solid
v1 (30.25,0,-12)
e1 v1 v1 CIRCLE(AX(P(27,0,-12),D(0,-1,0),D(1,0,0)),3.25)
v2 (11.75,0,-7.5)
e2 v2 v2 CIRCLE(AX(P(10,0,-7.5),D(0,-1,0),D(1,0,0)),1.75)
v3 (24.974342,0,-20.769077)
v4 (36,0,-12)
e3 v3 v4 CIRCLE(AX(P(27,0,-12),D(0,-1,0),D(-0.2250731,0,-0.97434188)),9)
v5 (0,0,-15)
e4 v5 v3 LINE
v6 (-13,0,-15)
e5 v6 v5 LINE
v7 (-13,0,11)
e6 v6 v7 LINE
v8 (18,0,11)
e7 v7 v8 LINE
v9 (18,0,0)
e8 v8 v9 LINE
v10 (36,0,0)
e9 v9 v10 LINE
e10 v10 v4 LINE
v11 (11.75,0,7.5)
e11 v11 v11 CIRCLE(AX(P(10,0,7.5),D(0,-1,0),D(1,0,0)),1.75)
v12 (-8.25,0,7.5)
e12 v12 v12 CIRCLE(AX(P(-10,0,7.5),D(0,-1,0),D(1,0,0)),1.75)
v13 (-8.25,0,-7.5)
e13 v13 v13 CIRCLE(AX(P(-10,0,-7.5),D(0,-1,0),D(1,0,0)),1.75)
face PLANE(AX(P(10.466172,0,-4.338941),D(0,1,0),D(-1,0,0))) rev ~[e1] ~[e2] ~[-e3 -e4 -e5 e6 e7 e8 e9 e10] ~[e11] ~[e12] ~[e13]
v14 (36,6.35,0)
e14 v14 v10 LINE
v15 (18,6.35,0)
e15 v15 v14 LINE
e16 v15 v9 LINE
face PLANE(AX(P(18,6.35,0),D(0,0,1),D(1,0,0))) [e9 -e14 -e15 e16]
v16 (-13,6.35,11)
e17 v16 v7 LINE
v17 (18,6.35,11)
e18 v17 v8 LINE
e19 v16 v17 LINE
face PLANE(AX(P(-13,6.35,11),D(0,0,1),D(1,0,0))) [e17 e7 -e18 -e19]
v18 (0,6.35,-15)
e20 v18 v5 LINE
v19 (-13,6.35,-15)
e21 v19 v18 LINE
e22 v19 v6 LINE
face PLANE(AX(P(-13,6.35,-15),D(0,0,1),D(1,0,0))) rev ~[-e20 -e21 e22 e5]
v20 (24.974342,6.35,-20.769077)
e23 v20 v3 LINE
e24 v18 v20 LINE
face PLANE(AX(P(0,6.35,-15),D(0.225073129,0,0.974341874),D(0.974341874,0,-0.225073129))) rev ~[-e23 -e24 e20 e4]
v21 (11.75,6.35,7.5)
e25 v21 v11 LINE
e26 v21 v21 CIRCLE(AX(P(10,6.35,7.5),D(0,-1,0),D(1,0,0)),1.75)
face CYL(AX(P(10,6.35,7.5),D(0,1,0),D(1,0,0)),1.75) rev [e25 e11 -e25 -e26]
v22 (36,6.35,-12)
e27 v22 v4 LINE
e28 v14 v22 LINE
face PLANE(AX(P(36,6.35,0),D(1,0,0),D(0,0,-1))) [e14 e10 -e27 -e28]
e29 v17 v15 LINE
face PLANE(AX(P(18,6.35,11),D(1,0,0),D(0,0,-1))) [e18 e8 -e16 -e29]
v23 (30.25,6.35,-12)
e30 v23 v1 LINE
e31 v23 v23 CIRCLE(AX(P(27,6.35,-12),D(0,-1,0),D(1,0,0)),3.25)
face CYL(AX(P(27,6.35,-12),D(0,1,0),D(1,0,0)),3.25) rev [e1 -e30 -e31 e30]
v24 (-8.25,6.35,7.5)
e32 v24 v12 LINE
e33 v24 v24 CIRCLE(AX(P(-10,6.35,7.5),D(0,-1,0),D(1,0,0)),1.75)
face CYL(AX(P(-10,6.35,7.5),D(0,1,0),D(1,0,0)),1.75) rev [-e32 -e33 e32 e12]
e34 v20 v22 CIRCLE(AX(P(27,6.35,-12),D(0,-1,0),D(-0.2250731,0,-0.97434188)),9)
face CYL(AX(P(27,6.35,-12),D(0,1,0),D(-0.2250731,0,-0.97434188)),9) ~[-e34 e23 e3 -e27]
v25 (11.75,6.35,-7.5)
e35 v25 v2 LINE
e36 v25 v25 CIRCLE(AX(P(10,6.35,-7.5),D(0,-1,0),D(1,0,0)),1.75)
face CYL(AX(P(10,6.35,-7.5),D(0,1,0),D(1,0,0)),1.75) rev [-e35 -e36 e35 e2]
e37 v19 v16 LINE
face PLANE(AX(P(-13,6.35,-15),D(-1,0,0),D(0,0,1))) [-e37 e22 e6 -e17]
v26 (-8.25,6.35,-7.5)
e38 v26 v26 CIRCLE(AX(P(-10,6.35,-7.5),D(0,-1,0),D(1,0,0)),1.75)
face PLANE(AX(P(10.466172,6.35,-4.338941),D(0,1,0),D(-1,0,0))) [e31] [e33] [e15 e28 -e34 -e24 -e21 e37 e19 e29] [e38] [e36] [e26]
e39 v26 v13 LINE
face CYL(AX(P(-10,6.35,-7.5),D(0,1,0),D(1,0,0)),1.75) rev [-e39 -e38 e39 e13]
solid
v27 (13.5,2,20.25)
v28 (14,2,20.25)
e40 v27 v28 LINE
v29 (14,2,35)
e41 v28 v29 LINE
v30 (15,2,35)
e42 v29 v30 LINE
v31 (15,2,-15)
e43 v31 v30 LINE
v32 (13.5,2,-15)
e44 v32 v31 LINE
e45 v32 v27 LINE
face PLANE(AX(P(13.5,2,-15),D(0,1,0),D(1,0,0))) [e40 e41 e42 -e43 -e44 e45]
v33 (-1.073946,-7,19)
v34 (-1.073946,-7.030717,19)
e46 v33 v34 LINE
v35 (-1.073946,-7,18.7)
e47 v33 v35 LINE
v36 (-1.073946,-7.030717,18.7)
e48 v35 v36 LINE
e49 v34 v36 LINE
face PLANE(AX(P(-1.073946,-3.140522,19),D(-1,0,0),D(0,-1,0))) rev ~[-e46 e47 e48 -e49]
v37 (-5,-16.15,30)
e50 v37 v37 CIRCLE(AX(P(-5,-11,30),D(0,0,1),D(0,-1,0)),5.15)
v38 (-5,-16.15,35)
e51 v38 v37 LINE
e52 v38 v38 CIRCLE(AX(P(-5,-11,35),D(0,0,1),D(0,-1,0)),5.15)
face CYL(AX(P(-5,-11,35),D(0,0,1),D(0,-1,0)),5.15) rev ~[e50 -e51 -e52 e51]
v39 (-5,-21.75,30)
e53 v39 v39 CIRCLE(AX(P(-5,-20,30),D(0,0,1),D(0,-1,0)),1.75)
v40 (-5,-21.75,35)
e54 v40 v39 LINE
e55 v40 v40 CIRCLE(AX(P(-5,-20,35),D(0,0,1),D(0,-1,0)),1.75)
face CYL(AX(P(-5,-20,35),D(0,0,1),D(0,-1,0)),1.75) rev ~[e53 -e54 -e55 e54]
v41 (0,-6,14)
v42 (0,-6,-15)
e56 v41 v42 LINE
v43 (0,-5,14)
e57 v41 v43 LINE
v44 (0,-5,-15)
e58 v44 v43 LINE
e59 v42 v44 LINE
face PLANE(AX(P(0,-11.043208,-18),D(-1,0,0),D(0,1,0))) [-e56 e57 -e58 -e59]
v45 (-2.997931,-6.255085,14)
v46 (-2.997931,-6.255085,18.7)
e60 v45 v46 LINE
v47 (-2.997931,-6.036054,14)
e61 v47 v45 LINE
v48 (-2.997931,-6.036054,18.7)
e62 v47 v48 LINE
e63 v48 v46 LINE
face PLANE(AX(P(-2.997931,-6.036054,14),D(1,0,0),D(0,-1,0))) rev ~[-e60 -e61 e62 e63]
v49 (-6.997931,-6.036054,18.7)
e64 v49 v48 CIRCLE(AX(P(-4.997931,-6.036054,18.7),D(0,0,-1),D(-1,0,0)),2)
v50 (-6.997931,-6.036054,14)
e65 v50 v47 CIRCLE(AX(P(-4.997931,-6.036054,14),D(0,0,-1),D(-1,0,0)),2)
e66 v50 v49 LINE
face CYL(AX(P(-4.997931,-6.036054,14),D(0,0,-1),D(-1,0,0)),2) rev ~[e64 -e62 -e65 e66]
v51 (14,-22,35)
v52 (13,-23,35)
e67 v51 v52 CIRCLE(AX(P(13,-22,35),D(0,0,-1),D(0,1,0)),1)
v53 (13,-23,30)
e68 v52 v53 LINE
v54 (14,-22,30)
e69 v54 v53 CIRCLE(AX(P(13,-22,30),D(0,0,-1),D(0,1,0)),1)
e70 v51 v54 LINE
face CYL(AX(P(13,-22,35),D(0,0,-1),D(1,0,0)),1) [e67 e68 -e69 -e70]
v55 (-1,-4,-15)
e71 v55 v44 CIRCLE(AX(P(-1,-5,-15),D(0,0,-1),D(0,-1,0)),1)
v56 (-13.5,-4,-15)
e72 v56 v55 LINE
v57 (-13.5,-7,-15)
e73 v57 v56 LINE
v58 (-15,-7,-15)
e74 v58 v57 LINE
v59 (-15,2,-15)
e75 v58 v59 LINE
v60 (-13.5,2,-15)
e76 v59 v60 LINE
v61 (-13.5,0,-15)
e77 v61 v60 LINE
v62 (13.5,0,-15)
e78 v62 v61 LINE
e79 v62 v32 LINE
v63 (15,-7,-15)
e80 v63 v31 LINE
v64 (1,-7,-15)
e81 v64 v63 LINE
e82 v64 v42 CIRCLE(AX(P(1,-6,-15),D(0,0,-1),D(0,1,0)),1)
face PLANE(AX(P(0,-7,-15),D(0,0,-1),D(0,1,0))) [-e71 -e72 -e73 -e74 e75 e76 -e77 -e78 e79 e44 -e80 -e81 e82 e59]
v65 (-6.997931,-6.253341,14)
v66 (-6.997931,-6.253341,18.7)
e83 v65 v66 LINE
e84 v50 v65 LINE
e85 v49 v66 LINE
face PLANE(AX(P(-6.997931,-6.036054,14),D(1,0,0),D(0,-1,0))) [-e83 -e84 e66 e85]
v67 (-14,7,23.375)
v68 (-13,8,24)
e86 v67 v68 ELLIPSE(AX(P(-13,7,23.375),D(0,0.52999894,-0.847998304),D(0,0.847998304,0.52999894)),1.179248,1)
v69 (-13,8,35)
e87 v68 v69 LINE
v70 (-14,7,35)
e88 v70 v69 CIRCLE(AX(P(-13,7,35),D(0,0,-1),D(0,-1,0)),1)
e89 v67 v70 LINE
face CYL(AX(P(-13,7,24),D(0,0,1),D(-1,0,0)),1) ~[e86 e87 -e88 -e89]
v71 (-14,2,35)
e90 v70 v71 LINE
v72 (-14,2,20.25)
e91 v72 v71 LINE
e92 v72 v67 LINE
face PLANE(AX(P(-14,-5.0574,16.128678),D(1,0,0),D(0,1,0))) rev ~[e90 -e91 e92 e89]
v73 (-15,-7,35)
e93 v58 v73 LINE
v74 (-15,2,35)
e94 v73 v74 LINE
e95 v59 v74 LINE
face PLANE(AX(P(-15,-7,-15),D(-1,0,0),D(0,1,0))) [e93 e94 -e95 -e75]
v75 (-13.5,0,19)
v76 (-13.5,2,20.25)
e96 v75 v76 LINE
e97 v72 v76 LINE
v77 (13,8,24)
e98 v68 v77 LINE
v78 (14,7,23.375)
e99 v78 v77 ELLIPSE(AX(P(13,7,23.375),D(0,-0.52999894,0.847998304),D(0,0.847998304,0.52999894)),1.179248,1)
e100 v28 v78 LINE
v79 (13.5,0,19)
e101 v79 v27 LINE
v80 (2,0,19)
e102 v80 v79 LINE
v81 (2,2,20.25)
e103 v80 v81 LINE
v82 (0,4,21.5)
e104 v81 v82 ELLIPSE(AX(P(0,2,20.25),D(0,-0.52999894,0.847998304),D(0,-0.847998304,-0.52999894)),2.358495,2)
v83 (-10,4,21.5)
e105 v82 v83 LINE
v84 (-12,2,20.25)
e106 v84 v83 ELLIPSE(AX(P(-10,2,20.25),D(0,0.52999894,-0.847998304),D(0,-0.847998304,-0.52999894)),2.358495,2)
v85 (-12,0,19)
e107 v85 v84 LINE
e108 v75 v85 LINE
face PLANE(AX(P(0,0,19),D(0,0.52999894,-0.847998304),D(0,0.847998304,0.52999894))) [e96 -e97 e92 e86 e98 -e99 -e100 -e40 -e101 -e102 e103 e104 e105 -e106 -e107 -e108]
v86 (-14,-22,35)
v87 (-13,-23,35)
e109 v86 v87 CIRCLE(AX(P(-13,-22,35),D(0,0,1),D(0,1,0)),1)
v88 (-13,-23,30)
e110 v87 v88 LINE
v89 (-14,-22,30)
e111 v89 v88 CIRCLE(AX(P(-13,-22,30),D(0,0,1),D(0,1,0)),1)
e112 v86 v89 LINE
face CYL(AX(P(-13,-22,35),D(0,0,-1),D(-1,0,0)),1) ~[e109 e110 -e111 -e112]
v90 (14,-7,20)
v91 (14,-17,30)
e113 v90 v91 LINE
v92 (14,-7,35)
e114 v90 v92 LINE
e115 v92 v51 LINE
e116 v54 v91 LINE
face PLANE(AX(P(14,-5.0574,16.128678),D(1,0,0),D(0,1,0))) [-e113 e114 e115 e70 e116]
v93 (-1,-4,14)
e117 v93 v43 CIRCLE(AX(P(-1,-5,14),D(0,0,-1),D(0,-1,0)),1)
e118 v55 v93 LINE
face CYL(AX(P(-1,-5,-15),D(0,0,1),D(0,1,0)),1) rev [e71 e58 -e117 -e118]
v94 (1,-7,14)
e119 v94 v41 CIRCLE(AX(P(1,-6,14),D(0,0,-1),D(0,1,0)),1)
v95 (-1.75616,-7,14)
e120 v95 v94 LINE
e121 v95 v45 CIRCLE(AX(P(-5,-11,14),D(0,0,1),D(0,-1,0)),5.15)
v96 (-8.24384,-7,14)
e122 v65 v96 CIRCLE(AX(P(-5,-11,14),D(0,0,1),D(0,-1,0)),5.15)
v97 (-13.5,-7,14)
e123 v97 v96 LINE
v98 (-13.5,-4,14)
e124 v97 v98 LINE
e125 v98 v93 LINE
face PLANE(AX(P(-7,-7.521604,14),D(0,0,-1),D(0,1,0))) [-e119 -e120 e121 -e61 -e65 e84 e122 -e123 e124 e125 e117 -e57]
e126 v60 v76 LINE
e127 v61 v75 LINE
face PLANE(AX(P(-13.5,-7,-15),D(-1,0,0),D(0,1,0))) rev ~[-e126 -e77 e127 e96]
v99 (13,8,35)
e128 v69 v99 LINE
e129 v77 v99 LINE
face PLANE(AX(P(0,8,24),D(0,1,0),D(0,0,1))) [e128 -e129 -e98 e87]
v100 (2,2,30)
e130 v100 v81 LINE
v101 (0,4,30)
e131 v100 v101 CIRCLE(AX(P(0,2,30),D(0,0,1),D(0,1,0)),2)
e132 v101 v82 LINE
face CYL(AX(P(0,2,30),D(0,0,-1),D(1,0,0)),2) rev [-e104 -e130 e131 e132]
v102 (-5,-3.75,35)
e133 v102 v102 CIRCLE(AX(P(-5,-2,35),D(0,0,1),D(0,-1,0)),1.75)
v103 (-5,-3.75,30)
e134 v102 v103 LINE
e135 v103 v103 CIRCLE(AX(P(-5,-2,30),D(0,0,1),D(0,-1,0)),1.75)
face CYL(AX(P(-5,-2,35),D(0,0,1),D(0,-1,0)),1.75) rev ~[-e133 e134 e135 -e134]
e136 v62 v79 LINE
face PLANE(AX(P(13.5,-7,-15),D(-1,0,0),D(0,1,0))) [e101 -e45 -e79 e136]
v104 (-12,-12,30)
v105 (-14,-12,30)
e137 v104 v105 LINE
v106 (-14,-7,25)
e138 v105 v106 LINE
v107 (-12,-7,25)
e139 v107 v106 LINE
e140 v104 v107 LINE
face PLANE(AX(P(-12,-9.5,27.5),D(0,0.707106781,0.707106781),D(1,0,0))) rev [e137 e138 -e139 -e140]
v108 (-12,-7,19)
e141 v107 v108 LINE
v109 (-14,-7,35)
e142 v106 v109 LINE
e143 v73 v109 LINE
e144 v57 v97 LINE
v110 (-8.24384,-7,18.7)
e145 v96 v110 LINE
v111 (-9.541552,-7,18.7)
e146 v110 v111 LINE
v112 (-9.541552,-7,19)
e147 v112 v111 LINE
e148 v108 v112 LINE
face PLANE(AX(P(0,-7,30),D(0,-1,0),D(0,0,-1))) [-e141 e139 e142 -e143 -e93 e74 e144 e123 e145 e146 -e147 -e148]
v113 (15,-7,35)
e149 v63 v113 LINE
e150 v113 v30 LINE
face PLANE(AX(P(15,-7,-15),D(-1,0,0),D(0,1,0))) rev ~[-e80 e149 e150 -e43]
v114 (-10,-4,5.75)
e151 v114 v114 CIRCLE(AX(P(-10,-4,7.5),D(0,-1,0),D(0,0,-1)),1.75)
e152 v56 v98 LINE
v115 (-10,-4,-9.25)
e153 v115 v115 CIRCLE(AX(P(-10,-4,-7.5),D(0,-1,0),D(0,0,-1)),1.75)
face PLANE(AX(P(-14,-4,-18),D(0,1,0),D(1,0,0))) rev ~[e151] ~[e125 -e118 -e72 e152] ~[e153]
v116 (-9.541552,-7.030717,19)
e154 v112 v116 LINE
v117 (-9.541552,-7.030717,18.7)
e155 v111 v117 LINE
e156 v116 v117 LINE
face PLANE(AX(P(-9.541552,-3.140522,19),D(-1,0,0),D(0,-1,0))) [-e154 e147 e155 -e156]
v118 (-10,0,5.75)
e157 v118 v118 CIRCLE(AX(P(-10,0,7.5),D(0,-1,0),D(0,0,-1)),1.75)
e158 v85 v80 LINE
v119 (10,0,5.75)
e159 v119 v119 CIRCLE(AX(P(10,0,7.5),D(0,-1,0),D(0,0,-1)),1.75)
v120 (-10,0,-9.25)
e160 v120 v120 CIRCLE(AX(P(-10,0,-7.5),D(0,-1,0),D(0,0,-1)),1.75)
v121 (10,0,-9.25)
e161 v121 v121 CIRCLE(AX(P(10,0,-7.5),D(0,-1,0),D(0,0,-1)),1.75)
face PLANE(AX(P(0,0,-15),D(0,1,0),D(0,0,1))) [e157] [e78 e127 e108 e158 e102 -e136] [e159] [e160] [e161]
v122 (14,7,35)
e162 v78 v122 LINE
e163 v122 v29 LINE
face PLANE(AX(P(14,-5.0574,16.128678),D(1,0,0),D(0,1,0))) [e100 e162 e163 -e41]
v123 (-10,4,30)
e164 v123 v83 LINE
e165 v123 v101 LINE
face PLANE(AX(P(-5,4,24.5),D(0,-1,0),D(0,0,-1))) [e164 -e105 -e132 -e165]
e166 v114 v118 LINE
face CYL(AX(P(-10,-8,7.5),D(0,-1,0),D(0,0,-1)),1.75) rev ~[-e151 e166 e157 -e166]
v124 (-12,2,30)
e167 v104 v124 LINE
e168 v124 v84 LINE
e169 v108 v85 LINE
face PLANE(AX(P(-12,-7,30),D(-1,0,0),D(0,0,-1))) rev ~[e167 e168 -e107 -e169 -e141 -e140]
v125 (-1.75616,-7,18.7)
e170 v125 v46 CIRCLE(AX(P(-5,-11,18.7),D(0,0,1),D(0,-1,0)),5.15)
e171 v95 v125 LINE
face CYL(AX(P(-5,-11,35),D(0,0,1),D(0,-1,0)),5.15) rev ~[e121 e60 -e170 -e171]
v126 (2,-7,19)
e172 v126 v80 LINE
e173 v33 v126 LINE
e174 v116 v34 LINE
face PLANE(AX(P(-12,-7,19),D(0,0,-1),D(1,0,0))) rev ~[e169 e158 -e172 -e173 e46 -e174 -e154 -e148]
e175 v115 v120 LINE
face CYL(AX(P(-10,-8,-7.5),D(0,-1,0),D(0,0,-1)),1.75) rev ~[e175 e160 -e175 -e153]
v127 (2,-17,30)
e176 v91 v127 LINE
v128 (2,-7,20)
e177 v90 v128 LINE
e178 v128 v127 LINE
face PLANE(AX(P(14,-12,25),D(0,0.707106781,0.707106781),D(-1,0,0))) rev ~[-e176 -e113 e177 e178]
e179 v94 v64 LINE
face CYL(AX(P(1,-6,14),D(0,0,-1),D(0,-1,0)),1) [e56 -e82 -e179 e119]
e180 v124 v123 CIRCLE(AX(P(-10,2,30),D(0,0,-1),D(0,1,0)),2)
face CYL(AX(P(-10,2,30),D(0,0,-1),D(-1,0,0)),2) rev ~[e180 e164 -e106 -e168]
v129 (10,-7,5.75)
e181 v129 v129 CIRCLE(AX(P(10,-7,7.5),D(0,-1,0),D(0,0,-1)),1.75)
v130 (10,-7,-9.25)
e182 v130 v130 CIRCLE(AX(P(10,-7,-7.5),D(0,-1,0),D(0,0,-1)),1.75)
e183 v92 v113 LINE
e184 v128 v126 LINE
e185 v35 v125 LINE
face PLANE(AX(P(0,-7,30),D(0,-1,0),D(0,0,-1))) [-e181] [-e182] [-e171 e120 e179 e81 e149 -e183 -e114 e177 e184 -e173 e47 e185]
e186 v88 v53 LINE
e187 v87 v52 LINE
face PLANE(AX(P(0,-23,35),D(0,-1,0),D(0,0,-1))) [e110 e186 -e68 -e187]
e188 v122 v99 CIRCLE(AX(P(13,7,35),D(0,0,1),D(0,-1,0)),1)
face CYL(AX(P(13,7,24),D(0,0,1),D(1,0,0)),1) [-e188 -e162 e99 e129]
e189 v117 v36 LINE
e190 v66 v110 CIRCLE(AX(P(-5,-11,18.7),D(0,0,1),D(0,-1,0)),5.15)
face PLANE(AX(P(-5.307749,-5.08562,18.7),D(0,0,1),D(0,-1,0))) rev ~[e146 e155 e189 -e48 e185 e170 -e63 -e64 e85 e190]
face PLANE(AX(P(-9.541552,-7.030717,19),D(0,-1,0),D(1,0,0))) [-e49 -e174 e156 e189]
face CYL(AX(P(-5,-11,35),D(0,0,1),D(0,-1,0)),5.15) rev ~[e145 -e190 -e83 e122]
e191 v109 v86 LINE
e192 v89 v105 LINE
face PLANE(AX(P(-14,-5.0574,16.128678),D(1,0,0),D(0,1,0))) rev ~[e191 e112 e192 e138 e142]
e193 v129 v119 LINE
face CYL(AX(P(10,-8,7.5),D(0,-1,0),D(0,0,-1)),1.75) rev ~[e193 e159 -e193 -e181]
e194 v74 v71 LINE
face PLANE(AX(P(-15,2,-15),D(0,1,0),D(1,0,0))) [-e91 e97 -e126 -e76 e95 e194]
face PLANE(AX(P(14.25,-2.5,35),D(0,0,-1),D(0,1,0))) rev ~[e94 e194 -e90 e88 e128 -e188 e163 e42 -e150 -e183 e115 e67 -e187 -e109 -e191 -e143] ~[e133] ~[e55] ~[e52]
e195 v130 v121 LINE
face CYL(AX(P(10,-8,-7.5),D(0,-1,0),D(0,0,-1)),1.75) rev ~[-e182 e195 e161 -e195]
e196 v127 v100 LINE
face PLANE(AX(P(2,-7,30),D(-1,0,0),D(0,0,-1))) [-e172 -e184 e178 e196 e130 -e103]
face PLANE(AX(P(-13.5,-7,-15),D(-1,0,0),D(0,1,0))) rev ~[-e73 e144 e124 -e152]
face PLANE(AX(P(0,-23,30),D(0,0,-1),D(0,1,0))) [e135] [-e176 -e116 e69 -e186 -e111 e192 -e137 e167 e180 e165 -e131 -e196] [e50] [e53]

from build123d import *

# Parameters (mm, degrees)
SKETCH_R          = 1.75
SKETCH_R_2        = 3.25
PAD_DEPTH         = 6.35
PAD001_DEPTH      = 14
PAD001_DEPTH_BACK = 14
SKETCH003_R       = 1.75
POCKET_DEPTH      = 6
SKETCH010_W       = 11
SKETCH010_H       = 14
POCKET001_DEPTH   = 11
SKETCH007_R       = 1.75
POCKET002_DEPTH   = 16.001
SKETCH008_W       = 7.043208
SKETCH008_H       = 14
POCKET003_DEPTH   = 32
SKETCH013_R       = 1.75
POCKET004_DEPTH   = 5
SKETCH012_R       = 5.15
POCKET005_DEPTH   = 50.001
POCKET006_DEPTH   = 5
SKETCH017_W       = 3.890195
SKETCH017_H       = 8.467605
PAD002_DEPTH      = 0.3
FILLET_R          = 1
FILLET001_R       = 2
FILLET002_R       = 1
CHAMFER_SIZE      = 10
CHAMFER001_SIZE   = 5
SKETCH018_W       = 9
SKETCH018_H       = 1.5
PAD003_DEPTH      = 50


with BuildPart() as tab:
    # Sketch → Pad (new body)
    with BuildSketch(Plane.XZ):
        with BuildLine():
            Line((-13, 11), (18, 11))
            Line((18, 11), (18, 0))
            Line((18, 0), (36, 0))
            Line((36, 0), (36, -12))
            ThreePointArc((24.974342, -20.769077), (32.602191, -19.043824), (36, -12))
            Line((0, -15), (24.974342, -20.769077))
            Line((-13, -15), (0, -15))
            Line((-13, -15), (-13, 11))
        make_face()
        with Locations((-10, 7.5)):
            Circle(SKETCH_R, mode=Mode.SUBTRACT)
        with Locations((10, 7.5)):
            Circle(SKETCH_R, mode=Mode.SUBTRACT)
        with Locations((-10, -7.5)):
            Circle(SKETCH_R, mode=Mode.SUBTRACT)
        with Locations((10, -7.5)):
            Circle(SKETCH_R, mode=Mode.SUBTRACT)
        with Locations((27, -12)):
            Circle(SKETCH_R_2, mode=Mode.SUBTRACT)
    extrude(amount=PAD_DEPTH)


with BuildPart() as tab_1:
    # Body placement: moved
    add(tab.part.moved(Location((0, 6.35, 0))))


with BuildPart() as leadscrewmount:
    # Sketch005 → Pad001 (new body, two sides)
    with BuildSketch(Plane.YZ) as pad001_sk:
        Polygon((0, -15), (0, 19), (8, 24), (8, 35), (-23, 35), (-23, 30), (-7, 30), (-7, -15), align=None)
    extrude(amount=PAD001_DEPTH)
    extrude(pad001_sk.sketch, amount=-PAD001_DEPTH_BACK)

    # Sketch003 → Pocket (cut)
    with BuildSketch(Plane(origin=(0, 0, 29), x_dir=(-1, 0, 0), z_dir=(0, 0, 1))):
        with Locations((5, 21.5)):
            Circle(SKETCH003_R)
        with Locations((5, 3.5)):
            Circle(SKETCH003_R)
    extrude(amount=-POCKET_DEPTH, mode=Mode.SUBTRACT)

    # Sketch010 (on Face6 of Pocket) → Pocket001 (cut)
    with BuildSketch(Plane(origin=(0, -7, 0), x_dir=(0, 0, -1), z_dir=(0, -1, 0))):
        with Locations((-24.5, -5)):
            Rectangle(SKETCH010_W, SKETCH010_H)
    extrude(amount=-POCKET001_DEPTH, mode=Mode.SUBTRACT)

    # Sketch007 → Pocket002 (cut, through all)
    with BuildSketch(Plane(origin=(0, -8, 0), x_dir=(0, 0, -1), z_dir=(0, -1, 0))):
        with Locations((-7.5, 10)):
            Circle(SKETCH007_R)
        with Locations((7.5, 10)):
            Circle(SKETCH007_R)
        with Locations((-7.5, -10)):
            Circle(SKETCH007_R)
        with Locations((7.5, -10)):
            Circle(SKETCH007_R)
    extrude(amount=-POCKET002_DEPTH, mode=Mode.SUBTRACT)

    # Sketch008 → Pocket003 (cut)
    with BuildSketch(Plane.YX.offset(18)):
        with Locations((-7.521604, -7)):
            Rectangle(SKETCH008_W, SKETCH008_H)
    extrude(amount=-POCKET003_DEPTH, mode=Mode.SUBTRACT)

    # Sketch013 → Pocket004 (cut)
    with BuildSketch(Plane(origin=(0, 0, 35), x_dir=(0, -1, 0), z_dir=(0, 0, 1))):
        with Locations((2, -5)):
            Circle(SKETCH013_R)
        with Locations((20, -5)):
            Circle(SKETCH013_R)
    extrude(amount=-POCKET004_DEPTH, mode=Mode.SUBTRACT)

    # Sketch012 → Pocket005 (cut, through all)
    with BuildSketch(Plane(origin=(0, 0, 35), x_dir=(0, -1, 0), z_dir=(0, 0, 1))):
        with Locations((11, -5)):
            Circle(SKETCH012_R)
    extrude(amount=-POCKET005_DEPTH, mode=Mode.SUBTRACT)

    # Sketch016 → Pocket006 (cut)
    with BuildSketch(Plane.YX.offset(-14)):
        with BuildLine():
            ThreePointArc((-6.036054, -6.997931), (-4.036054, -4.997931), (-6.036054, -2.997931))
            Line((-6.036054, -2.997931), (-13.535141, -2.997931))
            ThreePointArc((-13.535141, -2.997931), (-15.535141, -4.997931), (-13.535141, -6.997931))
            Line((-6.036054, -6.997931), (-13.535141, -6.997931))
        make_face()
    extrude(amount=-POCKET006_DEPTH, mode=Mode.SUBTRACT)

    # Sketch017 (on Face6 of Pocket005) → Pad002 (join)
    with BuildSketch(Plane(origin=(0, 0, 19), x_dir=(0, -1, 0), z_dir=(0, 0, 1))):
        with Locations((5.08562, -5.307749)):
            Rectangle(SKETCH017_W, SKETCH017_H)
    extrude(amount=-PAD002_DEPTH)

    # Fillet
    fillet_edges = [leadscrewmount.edges().sort_by_distance(p)[0] for p in [
        (-14, -23, 32.5),
        (14, -23, 32.5),
        (14, 8, 29.5),
        (-14, 8, 29.5),
    ]]
    fillet(fillet_edges, radius=FILLET_R)

    # Fillet001
    fillet001_edges = [leadscrewmount.edges().sort_by_distance(p)[0] for p in [
        (2, 4, 25.75),
        (-12, 4, 25.75),
    ]]
    fillet(fillet001_edges, radius=FILLET001_R)

    # Fillet002
    fillet002_edges = [leadscrewmount.edges().sort_by_distance(p)[0] for p in [
        (0, -7, -0.5),
        (0, -4, -0.5),
    ]]
    fillet(fillet002_edges, radius=FILLET002_R)

    # Chamfer
    chamfer_edges = [leadscrewmount.edges().sort_by_distance(p)[0] for p in [
        (8, -7, 30),
    ]]
    chamfer(chamfer_edges, length=CHAMFER_SIZE)

    # Chamfer001
    chamfer001_edges = [leadscrewmount.edges().sort_by_distance(p)[0] for p in [
        (-13, -7, 30),
    ]]
    chamfer(chamfer001_edges, length=CHAMFER001_SIZE)

    # Sketch018 (on Face20 of Chamfer001) → Pad003 (join)
    with BuildSketch(Plane.YX.offset(15)):
        with Locations((-2.5, 14.25)):
            Rectangle(SKETCH018_W, SKETCH018_H)
        with Locations((-2.5, -14.25)):
            Rectangle(SKETCH018_W, SKETCH018_H)
    extrude(amount=-PAD003_DEPTH)


solid = Compound([tab_1.part, leadscrewmount.part])
